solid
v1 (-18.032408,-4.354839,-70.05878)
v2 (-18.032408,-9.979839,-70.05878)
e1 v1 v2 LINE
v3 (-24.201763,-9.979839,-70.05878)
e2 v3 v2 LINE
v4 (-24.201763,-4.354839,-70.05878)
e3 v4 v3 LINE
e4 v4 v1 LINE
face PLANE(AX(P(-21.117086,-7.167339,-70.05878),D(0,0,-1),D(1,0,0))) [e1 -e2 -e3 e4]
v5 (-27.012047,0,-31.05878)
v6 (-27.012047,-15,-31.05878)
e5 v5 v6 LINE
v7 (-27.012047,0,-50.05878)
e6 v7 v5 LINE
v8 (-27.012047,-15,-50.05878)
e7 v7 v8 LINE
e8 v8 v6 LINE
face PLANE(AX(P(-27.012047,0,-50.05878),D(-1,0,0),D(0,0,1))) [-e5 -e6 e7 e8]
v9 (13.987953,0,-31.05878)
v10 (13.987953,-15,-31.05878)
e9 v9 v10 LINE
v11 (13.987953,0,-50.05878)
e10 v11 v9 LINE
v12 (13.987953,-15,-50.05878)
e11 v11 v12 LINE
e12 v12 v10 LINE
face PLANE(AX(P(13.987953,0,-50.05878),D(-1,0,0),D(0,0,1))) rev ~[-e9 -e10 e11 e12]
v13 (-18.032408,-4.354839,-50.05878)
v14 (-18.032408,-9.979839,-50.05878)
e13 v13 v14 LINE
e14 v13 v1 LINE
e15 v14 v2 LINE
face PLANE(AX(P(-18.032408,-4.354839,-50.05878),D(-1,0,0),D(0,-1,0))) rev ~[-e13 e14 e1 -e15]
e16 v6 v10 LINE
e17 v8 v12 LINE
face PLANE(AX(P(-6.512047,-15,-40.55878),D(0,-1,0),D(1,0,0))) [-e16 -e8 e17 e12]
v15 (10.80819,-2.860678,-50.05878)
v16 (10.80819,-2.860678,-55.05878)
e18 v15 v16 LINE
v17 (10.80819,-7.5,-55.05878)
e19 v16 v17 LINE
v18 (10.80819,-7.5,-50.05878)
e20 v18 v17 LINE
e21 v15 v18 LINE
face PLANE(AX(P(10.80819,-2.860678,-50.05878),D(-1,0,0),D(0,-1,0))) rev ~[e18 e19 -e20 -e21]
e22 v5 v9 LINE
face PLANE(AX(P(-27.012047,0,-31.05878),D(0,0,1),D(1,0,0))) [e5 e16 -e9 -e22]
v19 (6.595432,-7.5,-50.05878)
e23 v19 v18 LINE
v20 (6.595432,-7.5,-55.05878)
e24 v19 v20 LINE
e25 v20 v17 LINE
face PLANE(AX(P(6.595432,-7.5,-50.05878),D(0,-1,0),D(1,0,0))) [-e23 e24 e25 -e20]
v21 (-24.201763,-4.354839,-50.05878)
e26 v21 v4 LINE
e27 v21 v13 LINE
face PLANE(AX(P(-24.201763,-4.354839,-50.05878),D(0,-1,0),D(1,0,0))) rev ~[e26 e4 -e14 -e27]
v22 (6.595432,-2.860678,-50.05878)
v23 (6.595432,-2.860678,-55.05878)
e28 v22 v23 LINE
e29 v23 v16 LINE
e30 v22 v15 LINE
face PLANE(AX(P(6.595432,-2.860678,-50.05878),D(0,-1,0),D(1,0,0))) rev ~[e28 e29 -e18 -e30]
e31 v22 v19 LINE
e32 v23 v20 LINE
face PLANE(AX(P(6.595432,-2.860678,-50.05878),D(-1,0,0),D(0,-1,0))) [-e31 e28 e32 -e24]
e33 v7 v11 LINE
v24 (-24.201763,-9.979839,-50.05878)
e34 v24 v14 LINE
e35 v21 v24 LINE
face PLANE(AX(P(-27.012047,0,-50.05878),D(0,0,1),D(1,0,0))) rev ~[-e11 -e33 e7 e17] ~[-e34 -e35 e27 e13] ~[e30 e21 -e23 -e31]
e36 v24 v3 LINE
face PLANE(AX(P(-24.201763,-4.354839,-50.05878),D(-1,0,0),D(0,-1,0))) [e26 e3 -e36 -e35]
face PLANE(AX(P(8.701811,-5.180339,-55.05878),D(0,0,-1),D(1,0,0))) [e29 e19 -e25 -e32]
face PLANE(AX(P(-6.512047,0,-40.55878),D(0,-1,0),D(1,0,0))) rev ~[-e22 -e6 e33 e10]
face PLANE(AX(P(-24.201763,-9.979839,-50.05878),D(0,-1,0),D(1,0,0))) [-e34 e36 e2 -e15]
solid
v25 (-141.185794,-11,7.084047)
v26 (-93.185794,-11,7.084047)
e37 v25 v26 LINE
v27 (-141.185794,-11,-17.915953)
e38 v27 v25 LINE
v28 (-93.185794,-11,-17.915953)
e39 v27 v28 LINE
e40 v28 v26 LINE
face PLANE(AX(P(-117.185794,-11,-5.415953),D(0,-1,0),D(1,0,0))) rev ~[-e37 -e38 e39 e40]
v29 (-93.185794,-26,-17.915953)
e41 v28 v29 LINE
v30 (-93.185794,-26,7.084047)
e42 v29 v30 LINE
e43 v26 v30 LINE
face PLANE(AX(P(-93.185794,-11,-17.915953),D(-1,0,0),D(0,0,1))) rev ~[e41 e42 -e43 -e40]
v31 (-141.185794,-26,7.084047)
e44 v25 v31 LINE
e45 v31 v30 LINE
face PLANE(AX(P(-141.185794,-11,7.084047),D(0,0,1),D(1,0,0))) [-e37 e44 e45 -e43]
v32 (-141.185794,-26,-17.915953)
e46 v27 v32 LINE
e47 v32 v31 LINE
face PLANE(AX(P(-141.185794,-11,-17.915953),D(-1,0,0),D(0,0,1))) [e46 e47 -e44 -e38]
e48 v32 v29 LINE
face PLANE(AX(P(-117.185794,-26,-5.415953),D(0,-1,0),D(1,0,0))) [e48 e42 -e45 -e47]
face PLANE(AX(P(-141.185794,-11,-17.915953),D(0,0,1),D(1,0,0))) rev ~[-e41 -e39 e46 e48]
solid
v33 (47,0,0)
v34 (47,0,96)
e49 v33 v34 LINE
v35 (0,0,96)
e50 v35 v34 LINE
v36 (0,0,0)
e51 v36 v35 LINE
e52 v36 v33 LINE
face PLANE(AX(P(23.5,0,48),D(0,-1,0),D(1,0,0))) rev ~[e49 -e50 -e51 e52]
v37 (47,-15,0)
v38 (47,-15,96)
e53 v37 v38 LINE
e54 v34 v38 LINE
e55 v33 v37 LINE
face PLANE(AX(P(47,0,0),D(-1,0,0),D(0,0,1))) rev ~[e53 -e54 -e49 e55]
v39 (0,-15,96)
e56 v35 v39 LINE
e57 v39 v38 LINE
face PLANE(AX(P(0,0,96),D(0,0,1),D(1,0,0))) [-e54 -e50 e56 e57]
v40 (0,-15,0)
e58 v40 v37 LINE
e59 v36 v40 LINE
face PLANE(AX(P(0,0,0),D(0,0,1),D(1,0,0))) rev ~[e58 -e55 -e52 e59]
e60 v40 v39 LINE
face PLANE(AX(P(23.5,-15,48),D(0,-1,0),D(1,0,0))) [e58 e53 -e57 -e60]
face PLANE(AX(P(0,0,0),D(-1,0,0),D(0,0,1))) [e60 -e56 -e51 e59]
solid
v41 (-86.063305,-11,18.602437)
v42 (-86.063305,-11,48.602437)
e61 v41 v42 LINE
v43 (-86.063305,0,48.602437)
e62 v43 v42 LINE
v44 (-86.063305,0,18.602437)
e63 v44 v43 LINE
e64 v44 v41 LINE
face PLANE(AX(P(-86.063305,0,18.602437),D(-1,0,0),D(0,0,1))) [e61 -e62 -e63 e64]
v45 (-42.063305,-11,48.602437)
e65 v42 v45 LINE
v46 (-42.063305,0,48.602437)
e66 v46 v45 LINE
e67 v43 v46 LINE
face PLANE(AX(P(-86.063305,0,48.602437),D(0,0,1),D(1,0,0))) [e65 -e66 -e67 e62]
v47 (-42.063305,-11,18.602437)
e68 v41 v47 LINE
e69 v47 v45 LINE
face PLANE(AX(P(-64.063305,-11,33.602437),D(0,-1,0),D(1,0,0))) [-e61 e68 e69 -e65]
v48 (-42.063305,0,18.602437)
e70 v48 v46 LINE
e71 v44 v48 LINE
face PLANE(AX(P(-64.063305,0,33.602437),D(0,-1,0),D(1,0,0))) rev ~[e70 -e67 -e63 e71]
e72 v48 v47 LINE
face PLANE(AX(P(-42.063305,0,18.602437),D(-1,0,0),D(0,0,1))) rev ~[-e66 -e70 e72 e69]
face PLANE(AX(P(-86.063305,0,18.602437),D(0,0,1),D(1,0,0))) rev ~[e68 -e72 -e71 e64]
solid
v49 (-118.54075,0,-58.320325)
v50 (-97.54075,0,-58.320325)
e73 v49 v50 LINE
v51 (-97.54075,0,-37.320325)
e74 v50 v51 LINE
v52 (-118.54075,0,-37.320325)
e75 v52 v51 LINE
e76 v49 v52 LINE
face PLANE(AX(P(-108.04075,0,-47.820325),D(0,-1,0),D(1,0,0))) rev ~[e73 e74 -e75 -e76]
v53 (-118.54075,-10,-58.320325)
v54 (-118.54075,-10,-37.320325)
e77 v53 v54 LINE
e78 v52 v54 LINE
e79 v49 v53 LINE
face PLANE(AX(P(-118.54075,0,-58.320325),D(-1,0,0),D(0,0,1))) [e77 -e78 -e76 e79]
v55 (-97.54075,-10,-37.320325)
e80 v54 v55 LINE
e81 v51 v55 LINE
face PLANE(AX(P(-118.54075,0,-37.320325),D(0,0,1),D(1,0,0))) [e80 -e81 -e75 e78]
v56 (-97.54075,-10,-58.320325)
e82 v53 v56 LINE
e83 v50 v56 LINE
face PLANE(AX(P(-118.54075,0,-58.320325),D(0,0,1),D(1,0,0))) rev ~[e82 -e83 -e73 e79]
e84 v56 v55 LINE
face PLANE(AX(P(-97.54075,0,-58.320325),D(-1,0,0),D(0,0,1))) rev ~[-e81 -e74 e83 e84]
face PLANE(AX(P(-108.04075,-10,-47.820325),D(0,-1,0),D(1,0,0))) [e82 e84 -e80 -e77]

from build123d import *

# Parameters (mm, degrees)
F0_W      = 47
F0_H      = 96
F1_DEPTH  = 15
F2_W      = 44
F2_H      = 30
F3_DEPTH  = 11
F4_W      = 48
F4_H      = 25
F5_DEPTH  = 15
F6_W      = 21
F6_H      = 21
F7_DEPTH  = 10
F8_W      = 41
F8_H      = 19
F9_DEPTH  = 15
F10_W     = 6.169355
F10_H     = 5.625
F11_DEPTH = 20
F10_W_2   = 4.212758
F10_H_2   = 4.639322
F12_DEPTH = 5


with BuildPart() as f1:
    # F0 (on Front) → F1 (new body)
    with BuildSketch(Plane.XZ):
        with Locations((23.5, 48)):
            Rectangle(F0_W, F0_H)
    extrude(amount=F1_DEPTH)


with BuildPart() as f3:
    # F2 (on Front) → F3 (new body)
    with BuildSketch(Plane.XZ):
        with Locations((-64.063305, 33.602437)):
            Rectangle(F2_W, F2_H)
    extrude(amount=F3_DEPTH)


with BuildPart() as f5:
    # F4 (on face) → F5 (new body)
    with BuildSketch(Plane.XZ.offset(11)):
        with Locations((-117.185794, -5.415953)):
            Rectangle(F4_W, F4_H)
    extrude(amount=F5_DEPTH)


with BuildPart() as f7:
    # F6 (on Front) → F7 (new body)
    with BuildSketch(Plane.XZ):
        with Locations((-108.04075, -47.820325)):
            Rectangle(F6_W, F6_H)
    extrude(amount=F7_DEPTH)


with BuildPart() as f9:
    # F8 (on Front) → F9 (new body)
    with BuildSketch(Plane.XZ):
        with Locations((-6.512047, -40.55878)):
            Rectangle(F8_W, F8_H)
    extrude(amount=F9_DEPTH)

    # F10 (on face) → F11 (join)
    with BuildSketch(Plane(origin=(0, 0, -50.05878), x_dir=(1, 0, 0), z_dir=(0, 0, -1))):
        with Locations((-21.117086, 7.167339)):
            Rectangle(F10_W, F10_H)
    extrude(amount=F11_DEPTH)

    # F10 (on face) → F12 (join)
    with BuildSketch(Plane(origin=(0, 0, -50.05878), x_dir=(1, 0, 0), z_dir=(0, 0, -1))):
        with Locations((8.701811, 5.180339)):
            Rectangle(F10_W_2, F10_H_2)
    extrude(amount=F12_DEPTH)


solid = Compound([f1.part, f3.part, f5.part, f7.part, f9.part])
